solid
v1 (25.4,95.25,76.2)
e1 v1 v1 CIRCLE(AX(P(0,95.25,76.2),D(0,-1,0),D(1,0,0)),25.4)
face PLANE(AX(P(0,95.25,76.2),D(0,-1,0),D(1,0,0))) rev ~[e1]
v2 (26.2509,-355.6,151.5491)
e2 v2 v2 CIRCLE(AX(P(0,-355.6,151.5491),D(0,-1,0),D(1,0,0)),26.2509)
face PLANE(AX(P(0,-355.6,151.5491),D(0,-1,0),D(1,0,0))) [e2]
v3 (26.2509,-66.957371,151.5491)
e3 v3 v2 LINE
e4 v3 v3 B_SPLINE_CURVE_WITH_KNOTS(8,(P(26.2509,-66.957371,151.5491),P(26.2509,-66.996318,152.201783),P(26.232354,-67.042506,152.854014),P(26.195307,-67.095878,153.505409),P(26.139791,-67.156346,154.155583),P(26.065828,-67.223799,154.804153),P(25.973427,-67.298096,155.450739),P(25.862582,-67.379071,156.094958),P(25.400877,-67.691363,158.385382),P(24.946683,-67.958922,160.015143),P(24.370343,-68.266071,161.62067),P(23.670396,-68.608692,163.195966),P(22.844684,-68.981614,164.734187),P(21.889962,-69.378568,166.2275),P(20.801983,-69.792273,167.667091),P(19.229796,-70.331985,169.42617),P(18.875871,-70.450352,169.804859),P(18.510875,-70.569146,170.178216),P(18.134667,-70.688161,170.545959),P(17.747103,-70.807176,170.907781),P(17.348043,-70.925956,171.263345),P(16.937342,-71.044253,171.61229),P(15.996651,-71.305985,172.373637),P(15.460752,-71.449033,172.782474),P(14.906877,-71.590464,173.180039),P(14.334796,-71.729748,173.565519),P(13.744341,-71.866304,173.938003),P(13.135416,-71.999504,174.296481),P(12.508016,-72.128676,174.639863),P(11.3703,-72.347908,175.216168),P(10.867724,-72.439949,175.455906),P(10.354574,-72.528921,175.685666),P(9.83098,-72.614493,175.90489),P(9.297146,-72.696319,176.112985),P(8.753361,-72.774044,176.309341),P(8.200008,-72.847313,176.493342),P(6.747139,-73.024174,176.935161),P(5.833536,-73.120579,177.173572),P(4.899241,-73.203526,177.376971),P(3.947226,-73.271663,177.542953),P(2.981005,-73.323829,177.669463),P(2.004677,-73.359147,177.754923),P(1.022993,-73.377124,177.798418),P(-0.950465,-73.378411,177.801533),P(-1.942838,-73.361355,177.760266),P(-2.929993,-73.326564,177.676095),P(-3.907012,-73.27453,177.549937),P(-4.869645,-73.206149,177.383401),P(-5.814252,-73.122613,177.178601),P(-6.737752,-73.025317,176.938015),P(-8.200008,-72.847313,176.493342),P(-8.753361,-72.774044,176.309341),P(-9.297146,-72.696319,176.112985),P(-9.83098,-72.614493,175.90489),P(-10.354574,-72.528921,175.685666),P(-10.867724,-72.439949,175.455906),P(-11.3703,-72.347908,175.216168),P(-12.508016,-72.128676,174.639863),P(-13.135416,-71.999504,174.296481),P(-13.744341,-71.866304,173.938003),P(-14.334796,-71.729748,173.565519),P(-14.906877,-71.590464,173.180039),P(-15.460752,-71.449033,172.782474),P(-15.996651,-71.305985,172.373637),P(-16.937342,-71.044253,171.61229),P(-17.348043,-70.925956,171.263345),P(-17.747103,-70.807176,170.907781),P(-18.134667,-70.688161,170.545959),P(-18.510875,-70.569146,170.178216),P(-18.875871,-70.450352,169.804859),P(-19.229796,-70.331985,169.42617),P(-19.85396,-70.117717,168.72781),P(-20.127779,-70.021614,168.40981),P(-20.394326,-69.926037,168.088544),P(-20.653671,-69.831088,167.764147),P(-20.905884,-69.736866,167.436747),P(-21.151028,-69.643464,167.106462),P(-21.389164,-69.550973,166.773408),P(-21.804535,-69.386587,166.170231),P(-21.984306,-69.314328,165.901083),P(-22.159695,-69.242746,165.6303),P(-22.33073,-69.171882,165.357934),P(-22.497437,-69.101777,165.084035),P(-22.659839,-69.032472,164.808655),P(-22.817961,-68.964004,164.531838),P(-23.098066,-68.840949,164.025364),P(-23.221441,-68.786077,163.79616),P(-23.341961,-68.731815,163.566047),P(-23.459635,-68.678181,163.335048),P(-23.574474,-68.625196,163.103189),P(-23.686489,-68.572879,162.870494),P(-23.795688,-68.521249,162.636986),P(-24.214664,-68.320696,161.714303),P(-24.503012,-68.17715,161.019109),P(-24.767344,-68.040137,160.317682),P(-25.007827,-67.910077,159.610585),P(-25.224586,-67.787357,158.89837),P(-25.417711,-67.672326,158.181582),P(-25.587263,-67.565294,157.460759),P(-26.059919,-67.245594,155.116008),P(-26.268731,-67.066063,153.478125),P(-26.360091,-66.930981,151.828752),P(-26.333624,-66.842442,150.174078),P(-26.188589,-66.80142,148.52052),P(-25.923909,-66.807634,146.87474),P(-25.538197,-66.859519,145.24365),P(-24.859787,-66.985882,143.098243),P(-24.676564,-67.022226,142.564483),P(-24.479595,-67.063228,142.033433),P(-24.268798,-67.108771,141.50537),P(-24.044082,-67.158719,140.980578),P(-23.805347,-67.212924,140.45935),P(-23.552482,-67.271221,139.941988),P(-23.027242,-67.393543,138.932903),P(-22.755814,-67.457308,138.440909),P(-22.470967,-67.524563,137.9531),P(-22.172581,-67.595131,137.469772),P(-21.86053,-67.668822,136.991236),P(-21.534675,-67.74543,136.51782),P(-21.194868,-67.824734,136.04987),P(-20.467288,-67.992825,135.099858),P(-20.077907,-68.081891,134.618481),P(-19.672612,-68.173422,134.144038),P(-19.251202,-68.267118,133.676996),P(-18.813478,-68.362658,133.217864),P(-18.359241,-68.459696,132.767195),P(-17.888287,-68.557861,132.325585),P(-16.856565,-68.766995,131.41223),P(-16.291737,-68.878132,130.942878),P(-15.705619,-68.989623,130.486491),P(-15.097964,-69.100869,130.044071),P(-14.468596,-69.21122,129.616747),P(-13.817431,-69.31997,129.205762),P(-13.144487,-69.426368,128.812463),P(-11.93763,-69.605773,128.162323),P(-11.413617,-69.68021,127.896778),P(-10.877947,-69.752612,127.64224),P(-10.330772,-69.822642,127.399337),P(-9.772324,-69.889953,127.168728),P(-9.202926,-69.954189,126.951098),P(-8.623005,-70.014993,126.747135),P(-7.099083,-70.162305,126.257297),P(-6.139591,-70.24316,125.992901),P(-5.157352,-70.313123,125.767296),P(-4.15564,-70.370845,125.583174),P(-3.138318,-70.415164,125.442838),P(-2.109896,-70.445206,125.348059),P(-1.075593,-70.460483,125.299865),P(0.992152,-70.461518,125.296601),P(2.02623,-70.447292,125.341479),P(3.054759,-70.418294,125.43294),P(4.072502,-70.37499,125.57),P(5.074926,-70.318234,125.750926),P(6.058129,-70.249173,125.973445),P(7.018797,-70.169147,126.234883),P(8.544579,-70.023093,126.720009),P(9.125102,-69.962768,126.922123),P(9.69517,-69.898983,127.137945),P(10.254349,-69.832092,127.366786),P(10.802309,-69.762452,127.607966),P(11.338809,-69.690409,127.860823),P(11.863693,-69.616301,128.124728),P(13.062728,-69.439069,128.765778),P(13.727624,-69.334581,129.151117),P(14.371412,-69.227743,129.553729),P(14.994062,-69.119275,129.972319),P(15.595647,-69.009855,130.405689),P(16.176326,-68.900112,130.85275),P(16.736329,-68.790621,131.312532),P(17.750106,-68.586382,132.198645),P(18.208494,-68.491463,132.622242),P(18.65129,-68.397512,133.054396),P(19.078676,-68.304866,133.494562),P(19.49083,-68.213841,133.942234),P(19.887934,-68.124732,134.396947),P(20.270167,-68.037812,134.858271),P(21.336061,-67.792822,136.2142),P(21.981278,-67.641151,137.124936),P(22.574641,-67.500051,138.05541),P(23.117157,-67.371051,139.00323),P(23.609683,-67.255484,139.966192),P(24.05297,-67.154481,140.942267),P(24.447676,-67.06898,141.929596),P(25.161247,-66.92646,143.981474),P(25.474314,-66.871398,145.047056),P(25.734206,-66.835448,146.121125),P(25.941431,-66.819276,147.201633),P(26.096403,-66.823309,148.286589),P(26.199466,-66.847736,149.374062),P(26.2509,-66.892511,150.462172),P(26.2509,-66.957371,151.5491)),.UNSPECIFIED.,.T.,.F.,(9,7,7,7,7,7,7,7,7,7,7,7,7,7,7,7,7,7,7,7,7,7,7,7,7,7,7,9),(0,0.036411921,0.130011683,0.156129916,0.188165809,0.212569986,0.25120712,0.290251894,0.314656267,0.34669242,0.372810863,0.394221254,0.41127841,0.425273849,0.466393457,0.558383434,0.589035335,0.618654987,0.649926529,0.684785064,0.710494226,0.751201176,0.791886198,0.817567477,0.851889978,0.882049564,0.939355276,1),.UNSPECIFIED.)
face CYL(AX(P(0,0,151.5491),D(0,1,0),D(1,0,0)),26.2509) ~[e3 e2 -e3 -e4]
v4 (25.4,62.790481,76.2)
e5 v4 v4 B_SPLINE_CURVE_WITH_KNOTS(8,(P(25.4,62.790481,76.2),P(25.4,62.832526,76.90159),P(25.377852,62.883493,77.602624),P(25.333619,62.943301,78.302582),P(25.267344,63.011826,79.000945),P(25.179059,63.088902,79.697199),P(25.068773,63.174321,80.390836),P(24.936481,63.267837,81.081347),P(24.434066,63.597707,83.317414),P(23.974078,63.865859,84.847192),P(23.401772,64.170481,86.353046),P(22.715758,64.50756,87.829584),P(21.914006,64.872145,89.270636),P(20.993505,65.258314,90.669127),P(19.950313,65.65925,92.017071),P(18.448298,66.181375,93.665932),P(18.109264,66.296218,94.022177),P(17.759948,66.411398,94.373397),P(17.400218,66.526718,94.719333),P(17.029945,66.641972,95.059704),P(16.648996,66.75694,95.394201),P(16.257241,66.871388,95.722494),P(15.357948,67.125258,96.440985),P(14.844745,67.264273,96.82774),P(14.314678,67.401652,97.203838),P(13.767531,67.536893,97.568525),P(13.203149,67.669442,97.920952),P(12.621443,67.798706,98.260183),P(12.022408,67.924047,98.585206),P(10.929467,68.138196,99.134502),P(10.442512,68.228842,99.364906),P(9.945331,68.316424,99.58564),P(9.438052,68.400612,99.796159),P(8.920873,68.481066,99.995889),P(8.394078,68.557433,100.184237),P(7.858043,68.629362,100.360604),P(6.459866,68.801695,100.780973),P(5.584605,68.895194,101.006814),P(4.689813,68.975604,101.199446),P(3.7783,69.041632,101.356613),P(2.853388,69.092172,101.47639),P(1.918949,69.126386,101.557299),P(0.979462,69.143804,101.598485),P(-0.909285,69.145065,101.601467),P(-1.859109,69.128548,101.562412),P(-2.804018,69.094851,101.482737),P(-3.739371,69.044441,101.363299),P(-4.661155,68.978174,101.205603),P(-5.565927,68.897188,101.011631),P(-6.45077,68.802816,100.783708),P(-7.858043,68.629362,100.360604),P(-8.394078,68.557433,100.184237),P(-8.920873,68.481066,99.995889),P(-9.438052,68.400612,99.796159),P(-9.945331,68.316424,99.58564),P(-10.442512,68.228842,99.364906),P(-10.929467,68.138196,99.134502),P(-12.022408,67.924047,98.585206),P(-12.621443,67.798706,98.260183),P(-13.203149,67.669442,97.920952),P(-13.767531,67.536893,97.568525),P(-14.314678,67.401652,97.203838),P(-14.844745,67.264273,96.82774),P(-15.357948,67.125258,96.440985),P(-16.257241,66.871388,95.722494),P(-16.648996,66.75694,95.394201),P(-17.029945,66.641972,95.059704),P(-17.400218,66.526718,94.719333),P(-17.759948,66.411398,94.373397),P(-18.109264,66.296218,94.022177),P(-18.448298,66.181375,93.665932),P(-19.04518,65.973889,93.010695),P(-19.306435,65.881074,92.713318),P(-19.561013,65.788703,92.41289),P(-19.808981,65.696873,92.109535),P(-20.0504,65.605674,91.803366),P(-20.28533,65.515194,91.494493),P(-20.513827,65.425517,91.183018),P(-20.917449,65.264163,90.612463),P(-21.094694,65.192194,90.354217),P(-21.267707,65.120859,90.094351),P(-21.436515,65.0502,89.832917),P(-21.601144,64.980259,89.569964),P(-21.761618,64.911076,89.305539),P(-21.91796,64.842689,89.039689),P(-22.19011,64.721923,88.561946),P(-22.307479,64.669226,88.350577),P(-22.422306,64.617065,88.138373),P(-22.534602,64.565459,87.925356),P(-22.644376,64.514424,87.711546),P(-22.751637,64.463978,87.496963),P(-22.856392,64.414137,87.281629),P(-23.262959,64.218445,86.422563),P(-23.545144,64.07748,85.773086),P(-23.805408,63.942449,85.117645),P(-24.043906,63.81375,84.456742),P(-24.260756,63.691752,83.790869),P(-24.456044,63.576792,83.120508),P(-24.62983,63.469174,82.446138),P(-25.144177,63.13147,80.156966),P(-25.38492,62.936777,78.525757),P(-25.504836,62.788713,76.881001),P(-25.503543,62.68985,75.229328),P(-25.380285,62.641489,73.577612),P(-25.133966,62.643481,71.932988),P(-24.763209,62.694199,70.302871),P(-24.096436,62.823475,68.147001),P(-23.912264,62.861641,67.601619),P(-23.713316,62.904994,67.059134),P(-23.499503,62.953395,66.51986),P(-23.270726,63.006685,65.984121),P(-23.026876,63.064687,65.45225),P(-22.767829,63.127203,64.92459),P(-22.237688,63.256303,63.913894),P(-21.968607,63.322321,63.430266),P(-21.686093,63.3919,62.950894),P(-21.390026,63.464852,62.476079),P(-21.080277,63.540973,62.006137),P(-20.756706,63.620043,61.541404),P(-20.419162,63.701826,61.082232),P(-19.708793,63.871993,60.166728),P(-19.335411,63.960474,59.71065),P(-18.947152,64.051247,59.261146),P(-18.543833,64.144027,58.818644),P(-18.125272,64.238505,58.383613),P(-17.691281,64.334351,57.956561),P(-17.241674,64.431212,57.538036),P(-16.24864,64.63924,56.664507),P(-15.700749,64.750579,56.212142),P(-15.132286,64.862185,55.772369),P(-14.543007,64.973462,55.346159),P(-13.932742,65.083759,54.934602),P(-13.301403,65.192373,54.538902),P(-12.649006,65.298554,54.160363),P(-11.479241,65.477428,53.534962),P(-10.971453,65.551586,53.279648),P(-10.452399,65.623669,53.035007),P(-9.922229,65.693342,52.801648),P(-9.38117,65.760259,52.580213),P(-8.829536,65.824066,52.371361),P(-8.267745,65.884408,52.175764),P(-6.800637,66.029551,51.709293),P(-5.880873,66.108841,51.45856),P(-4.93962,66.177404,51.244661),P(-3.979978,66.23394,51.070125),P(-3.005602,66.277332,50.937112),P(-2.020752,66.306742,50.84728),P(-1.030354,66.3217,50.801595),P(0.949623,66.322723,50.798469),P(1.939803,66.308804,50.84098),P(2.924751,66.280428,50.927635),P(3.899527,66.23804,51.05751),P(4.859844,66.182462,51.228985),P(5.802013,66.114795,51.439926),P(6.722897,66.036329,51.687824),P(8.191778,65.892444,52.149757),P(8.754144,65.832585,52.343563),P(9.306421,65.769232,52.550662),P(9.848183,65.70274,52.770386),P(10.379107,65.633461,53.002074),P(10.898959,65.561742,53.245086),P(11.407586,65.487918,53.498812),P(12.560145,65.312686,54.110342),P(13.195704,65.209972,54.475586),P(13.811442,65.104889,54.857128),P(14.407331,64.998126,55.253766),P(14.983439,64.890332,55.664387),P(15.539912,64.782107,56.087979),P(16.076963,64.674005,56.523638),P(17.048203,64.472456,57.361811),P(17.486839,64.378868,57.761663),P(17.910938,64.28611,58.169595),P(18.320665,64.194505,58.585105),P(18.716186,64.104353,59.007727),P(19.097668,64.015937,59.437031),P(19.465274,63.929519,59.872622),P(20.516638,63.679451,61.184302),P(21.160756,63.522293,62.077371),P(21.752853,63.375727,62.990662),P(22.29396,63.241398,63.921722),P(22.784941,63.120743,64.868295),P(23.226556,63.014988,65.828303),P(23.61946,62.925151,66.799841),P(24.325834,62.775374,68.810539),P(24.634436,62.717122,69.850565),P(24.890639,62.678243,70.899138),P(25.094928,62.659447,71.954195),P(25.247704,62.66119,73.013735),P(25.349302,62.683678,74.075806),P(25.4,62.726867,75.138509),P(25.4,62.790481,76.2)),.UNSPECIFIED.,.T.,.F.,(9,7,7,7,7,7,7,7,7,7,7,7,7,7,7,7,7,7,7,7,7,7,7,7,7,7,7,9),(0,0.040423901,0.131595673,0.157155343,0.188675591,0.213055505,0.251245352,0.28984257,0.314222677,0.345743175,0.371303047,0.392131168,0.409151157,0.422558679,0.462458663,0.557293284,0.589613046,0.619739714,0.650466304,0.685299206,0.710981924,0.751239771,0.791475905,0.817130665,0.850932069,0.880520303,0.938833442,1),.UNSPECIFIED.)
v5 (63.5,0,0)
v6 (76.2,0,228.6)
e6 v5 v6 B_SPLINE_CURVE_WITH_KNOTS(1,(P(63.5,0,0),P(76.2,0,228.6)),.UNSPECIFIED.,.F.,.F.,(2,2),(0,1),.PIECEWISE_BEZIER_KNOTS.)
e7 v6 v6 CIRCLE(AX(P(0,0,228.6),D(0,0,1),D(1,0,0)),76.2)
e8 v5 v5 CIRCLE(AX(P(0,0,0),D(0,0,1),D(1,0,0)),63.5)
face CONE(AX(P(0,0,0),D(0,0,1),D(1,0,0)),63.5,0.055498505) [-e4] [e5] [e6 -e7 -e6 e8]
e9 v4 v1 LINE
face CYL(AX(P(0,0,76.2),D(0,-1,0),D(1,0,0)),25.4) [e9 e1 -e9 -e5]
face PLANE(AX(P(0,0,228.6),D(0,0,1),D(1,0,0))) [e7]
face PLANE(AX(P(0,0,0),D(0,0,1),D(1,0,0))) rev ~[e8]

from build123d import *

# Parameters (mm, degrees)
F1_R     = 63.5
F2_R     = 76.2
F4_R     = 26.2509
F5_DEPTH = 355.6
F6_R     = 25.4
F7_DEPTH = 95.25


with BuildPart() as f3:
    # F1 (on Top) → F3 section 0
    with BuildSketch(Plane.XY):
        Circle(F1_R)
    # F2 (on offset) → F3 section 1
    with BuildSketch(Plane.XY.offset(228.6)):
        Circle(F2_R)
    loft()

    # F4 (on Front) → F5 (join)
    with BuildSketch(Plane.XZ):
        with Locations((0, 151.5491)):
            Circle(F4_R)
    extrude(amount=F5_DEPTH)

    # F6 (on Front) → F7 (join)
    with BuildSketch(Plane.XZ):
        with Locations((0, 76.2)):
            Circle(F6_R)
    extrude(amount=-F7_DEPTH)


solid = f3.part
